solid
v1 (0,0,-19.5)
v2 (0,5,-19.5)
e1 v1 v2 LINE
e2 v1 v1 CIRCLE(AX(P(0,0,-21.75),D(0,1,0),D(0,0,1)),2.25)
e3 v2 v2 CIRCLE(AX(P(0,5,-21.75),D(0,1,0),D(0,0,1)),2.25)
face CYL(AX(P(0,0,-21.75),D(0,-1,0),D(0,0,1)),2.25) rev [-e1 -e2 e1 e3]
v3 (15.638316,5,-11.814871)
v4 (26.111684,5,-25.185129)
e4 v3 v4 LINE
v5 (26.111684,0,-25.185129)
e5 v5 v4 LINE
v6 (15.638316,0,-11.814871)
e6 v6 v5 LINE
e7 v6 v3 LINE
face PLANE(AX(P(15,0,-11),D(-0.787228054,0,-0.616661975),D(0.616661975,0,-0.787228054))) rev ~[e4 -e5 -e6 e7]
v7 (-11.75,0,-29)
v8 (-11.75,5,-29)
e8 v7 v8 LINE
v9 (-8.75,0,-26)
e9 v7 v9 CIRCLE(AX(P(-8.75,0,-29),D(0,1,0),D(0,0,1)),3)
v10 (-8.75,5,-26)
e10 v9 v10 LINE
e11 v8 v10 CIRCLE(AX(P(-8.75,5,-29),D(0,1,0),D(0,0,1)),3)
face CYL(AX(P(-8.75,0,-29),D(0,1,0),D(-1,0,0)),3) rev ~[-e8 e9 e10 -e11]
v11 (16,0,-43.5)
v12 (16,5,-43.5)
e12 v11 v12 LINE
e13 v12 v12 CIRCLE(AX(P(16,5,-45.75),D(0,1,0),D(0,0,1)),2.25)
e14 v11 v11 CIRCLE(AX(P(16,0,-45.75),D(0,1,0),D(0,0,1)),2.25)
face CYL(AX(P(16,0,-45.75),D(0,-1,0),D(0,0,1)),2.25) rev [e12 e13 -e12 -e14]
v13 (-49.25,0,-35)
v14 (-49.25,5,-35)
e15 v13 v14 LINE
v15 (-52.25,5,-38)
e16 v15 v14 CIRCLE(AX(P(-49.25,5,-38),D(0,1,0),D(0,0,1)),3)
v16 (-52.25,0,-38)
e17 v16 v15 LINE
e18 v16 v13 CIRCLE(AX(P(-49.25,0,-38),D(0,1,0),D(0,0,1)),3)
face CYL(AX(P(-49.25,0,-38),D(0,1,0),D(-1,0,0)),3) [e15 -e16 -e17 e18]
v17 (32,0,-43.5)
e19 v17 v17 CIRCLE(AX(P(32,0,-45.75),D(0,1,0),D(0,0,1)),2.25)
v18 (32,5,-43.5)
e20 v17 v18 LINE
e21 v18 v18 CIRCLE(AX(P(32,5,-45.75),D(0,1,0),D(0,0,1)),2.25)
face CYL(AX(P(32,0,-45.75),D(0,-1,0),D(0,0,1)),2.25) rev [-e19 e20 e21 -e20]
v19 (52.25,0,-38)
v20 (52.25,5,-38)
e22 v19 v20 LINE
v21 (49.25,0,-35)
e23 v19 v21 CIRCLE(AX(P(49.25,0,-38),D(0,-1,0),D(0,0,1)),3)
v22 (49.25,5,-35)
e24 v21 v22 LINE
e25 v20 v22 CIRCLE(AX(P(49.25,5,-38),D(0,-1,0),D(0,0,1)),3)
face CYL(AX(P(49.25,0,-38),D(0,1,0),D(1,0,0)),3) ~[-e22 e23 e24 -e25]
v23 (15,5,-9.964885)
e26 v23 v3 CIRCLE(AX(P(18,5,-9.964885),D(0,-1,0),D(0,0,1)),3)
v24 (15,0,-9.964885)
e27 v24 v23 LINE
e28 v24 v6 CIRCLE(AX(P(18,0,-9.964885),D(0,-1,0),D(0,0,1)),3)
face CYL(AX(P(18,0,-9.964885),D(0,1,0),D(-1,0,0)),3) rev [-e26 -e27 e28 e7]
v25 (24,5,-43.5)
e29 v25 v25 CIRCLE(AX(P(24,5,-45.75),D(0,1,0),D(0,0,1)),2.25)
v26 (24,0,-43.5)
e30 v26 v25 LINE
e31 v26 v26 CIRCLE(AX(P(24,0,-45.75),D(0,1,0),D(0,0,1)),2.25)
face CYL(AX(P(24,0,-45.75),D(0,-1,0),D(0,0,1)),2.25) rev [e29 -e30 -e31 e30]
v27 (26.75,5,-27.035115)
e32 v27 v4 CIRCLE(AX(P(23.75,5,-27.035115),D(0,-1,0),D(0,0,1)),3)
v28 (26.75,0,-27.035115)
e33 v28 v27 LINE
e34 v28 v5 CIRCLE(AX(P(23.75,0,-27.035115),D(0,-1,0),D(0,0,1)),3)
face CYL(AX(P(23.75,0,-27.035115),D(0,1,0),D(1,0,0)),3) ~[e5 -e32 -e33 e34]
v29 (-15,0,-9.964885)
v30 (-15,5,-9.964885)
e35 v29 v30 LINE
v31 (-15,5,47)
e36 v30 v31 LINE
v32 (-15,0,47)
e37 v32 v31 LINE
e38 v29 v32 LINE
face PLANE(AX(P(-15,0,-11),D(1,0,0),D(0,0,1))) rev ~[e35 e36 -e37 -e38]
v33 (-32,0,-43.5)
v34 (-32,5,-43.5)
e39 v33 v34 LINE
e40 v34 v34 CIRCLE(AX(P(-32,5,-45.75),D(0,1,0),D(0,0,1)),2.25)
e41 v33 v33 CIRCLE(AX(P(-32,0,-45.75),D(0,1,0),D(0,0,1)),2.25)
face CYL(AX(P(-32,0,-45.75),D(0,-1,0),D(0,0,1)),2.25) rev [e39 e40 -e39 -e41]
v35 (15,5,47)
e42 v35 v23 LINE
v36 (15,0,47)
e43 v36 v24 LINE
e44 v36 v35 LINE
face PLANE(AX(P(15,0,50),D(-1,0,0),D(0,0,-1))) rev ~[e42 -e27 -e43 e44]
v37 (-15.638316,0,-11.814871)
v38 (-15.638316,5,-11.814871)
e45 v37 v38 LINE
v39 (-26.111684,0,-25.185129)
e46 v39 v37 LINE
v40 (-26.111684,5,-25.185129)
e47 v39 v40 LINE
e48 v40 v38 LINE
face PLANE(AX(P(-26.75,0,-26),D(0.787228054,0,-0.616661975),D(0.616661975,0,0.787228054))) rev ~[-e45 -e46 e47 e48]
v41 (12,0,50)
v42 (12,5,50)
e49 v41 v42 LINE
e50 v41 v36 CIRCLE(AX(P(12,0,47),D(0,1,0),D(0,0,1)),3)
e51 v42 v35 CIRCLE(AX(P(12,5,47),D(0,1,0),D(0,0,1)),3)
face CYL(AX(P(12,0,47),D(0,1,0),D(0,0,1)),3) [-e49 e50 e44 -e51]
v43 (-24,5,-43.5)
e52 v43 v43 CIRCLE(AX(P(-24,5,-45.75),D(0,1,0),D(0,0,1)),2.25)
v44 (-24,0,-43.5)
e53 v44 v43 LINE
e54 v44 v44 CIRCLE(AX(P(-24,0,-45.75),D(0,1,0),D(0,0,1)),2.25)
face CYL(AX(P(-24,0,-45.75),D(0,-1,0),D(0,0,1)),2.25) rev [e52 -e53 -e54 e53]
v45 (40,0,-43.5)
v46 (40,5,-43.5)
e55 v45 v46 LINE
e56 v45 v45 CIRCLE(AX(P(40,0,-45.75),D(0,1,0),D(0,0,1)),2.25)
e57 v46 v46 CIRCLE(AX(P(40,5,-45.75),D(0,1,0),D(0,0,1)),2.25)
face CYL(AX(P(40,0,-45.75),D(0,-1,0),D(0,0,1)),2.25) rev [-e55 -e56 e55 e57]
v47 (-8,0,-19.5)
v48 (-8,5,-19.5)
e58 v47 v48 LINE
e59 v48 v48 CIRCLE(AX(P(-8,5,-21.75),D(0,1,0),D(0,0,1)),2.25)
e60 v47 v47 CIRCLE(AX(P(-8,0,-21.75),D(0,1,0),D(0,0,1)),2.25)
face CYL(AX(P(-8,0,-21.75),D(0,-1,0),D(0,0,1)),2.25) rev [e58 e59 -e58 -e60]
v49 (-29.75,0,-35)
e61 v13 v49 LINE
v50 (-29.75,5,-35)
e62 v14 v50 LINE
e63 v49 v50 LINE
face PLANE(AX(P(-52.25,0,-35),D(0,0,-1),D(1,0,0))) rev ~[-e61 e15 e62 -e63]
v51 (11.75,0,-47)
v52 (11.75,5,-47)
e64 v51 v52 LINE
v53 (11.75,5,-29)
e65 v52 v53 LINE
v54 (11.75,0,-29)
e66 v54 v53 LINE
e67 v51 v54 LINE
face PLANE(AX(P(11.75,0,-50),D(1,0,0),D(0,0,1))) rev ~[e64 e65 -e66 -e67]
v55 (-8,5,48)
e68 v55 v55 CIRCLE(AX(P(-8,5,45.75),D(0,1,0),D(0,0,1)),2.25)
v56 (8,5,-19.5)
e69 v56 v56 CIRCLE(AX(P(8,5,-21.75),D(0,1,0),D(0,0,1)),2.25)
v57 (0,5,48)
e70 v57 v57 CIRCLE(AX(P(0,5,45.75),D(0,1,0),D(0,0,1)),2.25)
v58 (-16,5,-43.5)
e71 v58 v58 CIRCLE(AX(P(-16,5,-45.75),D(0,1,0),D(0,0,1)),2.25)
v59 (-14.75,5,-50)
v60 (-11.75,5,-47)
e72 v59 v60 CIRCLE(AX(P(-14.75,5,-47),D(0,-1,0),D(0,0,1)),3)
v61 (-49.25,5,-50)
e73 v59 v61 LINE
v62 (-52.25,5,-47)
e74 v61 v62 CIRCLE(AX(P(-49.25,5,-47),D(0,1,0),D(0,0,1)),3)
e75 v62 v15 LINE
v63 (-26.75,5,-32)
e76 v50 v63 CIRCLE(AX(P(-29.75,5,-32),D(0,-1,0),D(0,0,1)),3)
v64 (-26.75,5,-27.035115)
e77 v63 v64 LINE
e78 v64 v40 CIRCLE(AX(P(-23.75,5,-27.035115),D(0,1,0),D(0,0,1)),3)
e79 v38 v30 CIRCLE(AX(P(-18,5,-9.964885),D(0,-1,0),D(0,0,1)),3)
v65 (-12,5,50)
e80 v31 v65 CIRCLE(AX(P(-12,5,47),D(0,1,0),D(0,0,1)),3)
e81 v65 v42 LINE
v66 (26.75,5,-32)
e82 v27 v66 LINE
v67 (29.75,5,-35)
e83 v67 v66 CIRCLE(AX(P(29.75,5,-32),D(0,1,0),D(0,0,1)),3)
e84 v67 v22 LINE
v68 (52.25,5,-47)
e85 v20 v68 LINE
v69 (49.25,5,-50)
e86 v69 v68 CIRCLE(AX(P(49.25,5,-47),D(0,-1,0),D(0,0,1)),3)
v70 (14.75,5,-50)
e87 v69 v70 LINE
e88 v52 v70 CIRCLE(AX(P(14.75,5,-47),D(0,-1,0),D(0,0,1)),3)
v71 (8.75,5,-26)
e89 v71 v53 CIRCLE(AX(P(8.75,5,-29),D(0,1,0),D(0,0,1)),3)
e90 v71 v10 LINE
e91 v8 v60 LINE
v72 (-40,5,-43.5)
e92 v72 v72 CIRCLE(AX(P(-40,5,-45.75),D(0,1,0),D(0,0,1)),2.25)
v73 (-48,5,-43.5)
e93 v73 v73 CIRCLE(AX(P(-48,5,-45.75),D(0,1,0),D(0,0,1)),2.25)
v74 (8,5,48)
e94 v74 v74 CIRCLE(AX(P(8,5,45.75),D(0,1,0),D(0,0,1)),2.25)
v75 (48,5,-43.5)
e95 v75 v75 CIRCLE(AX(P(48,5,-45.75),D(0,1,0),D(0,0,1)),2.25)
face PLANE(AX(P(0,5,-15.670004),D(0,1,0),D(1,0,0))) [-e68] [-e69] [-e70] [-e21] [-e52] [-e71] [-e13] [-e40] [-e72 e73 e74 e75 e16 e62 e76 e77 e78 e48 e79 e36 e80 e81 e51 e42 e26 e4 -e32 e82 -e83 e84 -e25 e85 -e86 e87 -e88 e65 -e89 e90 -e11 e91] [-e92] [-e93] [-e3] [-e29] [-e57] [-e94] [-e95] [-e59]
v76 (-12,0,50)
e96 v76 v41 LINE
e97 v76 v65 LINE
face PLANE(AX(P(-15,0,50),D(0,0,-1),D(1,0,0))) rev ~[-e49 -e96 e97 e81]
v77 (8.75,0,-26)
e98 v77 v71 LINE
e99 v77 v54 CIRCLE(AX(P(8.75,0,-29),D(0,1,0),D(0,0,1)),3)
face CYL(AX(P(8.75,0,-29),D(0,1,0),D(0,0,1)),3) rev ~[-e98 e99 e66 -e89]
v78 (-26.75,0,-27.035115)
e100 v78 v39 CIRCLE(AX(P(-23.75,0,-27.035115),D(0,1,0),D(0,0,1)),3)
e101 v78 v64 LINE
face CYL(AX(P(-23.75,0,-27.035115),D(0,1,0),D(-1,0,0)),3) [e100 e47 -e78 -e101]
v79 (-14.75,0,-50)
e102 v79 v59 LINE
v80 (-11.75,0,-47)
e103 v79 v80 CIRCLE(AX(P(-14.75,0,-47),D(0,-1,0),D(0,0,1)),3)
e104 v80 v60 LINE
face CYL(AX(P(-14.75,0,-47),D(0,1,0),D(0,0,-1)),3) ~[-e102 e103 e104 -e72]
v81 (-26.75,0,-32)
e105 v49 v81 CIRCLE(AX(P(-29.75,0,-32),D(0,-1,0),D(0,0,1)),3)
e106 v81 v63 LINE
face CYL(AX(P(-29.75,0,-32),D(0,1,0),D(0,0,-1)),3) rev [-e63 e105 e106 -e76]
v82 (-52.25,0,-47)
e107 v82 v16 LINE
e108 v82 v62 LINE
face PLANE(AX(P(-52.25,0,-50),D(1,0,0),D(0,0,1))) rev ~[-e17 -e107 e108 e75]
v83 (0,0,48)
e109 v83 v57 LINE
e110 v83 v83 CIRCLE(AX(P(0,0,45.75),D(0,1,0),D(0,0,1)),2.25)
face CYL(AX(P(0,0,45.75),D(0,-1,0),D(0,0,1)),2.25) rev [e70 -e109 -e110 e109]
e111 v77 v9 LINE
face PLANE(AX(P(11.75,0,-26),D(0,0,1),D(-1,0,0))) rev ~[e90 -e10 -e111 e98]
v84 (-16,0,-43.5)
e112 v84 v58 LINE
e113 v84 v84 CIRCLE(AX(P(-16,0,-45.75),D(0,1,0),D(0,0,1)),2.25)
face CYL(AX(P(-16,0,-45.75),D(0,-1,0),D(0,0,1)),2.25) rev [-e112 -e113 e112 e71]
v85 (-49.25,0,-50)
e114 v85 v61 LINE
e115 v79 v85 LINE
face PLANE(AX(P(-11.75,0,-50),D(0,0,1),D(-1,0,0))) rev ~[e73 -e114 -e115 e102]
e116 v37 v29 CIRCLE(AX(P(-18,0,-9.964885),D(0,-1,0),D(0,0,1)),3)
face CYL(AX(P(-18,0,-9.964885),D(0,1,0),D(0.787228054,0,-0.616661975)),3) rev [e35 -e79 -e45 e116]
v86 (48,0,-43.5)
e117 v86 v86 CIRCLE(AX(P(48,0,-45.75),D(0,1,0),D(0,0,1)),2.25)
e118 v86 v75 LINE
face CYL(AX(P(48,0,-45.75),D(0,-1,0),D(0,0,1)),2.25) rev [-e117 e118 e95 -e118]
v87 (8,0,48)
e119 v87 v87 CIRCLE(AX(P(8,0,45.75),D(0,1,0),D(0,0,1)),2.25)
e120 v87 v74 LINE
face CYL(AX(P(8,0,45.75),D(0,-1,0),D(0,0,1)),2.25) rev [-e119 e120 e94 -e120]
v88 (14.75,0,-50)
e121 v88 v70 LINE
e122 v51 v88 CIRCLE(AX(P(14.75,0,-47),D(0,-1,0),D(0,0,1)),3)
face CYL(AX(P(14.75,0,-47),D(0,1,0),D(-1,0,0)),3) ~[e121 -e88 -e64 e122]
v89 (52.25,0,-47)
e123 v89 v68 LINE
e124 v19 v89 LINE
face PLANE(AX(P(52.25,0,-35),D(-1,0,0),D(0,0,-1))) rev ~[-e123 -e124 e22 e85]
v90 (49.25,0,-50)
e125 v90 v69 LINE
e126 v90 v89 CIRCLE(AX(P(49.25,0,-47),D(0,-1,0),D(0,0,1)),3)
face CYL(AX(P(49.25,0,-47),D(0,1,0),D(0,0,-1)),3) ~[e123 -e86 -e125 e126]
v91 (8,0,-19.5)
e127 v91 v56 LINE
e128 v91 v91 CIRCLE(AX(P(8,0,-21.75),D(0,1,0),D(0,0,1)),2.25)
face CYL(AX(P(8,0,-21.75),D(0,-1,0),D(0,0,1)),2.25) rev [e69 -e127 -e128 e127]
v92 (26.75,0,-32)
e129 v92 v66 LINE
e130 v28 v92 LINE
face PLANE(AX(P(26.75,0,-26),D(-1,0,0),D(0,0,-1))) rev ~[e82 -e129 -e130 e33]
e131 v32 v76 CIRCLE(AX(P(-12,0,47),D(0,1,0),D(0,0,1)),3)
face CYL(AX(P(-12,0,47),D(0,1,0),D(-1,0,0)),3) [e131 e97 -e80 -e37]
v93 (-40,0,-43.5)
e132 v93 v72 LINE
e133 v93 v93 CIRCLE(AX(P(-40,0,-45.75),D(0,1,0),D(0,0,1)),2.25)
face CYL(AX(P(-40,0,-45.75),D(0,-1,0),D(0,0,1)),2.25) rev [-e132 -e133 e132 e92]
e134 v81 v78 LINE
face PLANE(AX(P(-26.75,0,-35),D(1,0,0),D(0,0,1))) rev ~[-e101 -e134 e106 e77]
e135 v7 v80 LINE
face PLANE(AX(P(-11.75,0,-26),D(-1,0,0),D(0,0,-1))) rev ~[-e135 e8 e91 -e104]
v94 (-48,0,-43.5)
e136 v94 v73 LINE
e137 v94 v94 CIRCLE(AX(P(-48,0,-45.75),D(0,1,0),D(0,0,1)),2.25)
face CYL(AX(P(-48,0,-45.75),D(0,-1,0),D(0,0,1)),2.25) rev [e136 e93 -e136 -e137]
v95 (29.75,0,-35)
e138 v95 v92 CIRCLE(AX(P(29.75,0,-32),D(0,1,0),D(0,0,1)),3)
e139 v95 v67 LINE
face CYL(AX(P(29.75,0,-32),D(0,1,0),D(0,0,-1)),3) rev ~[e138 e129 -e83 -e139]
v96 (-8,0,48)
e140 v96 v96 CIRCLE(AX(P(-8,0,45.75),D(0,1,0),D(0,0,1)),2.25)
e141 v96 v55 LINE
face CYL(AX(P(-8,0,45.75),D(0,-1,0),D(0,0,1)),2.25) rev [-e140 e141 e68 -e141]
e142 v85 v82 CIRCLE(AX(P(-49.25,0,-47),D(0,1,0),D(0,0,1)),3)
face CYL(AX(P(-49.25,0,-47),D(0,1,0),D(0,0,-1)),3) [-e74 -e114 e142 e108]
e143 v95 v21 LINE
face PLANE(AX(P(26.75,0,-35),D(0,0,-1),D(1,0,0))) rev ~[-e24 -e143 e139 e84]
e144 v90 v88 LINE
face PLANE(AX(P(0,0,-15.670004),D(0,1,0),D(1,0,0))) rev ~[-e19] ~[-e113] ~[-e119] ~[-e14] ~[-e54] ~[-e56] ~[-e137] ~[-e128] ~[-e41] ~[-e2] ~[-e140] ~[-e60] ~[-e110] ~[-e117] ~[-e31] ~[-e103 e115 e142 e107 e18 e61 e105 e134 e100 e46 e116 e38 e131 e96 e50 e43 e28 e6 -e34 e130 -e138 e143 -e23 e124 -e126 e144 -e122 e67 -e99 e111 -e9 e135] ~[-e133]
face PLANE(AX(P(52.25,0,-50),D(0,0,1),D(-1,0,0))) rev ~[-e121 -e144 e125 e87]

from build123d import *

# Parameters (mm, degrees)
SKETCH_2_R      = 2.25
EXTRUDE_1_DEPTH = 5
FILLET_1_R      = 3


with BuildPart() as part:
    # 草图2 → 凸台-拉伸1 (new body)
    with BuildSketch(Plane(origin=(0, 0, 0), x_dir=(1, 0, 0), z_dir=(0, 1, 0))):
        Polygon((-11.75, 50), (-52.25, 50), (-52.25, 35), (-26.75, 35), (-26.75, 26), (-15, 11), (-15, -50), (15, -50), (15, 11), (26.75, 26), (26.75, 35), (52.25, 35), (52.25, 50), (11.75, 50), (11.75, 26), (-11.75, 26), align=None)
        with Locations(Location((-8, -45.75, 0), (0, 0, 270))):
            Circle(SKETCH_2_R, mode=Mode.SUBTRACT)
        with Locations(Location((0, -45.75, 0), (0, 0, 270))):
            Circle(SKETCH_2_R, mode=Mode.SUBTRACT)
        with Locations(Location((8, -45.75, 0), (0, 0, 270))):
            Circle(SKETCH_2_R, mode=Mode.SUBTRACT)
        with Locations(Location((-8, 21.75, 0), (0, 0, 270))):
            Circle(SKETCH_2_R, mode=Mode.SUBTRACT)
        with Locations(Location((-48, 45.75, 0), (0, 0, 270))):
            Circle(SKETCH_2_R, mode=Mode.SUBTRACT)
        with Locations(Location((-40, 45.75, 0), (0, 0, 270))):
            Circle(SKETCH_2_R, mode=Mode.SUBTRACT)
        with Locations(Location((-32, 45.75, 0), (0, 0, 270))):
            Circle(SKETCH_2_R, mode=Mode.SUBTRACT)
        with Locations(Location((-24, 45.75, 0), (0, 0, 270))):
            Circle(SKETCH_2_R, mode=Mode.SUBTRACT)
        with Locations(Location((-16, 45.75, 0), (0, 0, 270))):
            Circle(SKETCH_2_R, mode=Mode.SUBTRACT)
        with Locations(Location((0, 21.75, 0), (0, 0, 270))):
            Circle(SKETCH_2_R, mode=Mode.SUBTRACT)
        with Locations(Location((8, 21.75, 0), (0, 0, 270))):
            Circle(SKETCH_2_R, mode=Mode.SUBTRACT)
        with Locations(Location((16, 45.75, 0), (0, 0, 270))):
            Circle(SKETCH_2_R, mode=Mode.SUBTRACT)
        with Locations(Location((24, 45.75, 0), (0, 0, 270))):
            Circle(SKETCH_2_R, mode=Mode.SUBTRACT)
        with Locations(Location((32, 45.75, 0), (0, 0, 270))):
            Circle(SKETCH_2_R, mode=Mode.SUBTRACT)
        with Locations(Location((40, 45.75, 0), (0, 0, 270))):
            Circle(SKETCH_2_R, mode=Mode.SUBTRACT)
        with Locations(Location((48, 45.75, 0), (0, 0, 270))):
            Circle(SKETCH_2_R, mode=Mode.SUBTRACT)
    extrude(amount=EXTRUDE_1_DEPTH)

    # 圆角1
    fillet_1_edges = [part.edges().sort_by_distance(p)[0] for p in [
        (15, 2.5, -11),
        (15, 2.5, 50),
        (-15, 2.5, 50),
        (-15, 2.5, -11),
        (-26.75, 2.5, -26),
        (-26.75, 2.5, -35),
        (-52.25, 2.5, -35),
        (-52.25, 2.5, -50),
        (-11.75, 2.5, -50),
        (-11.75, 2.5, -26),
        (11.75, 2.5, -26),
        (11.75, 2.5, -50),
        (52.25, 2.5, -50),
        (52.25, 2.5, -35),
        (26.75, 2.5, -35),
        (26.75, 2.5, -26),
    ]]
    fillet(fillet_1_edges, radius=FILLET_1_R)


solid = part.part
